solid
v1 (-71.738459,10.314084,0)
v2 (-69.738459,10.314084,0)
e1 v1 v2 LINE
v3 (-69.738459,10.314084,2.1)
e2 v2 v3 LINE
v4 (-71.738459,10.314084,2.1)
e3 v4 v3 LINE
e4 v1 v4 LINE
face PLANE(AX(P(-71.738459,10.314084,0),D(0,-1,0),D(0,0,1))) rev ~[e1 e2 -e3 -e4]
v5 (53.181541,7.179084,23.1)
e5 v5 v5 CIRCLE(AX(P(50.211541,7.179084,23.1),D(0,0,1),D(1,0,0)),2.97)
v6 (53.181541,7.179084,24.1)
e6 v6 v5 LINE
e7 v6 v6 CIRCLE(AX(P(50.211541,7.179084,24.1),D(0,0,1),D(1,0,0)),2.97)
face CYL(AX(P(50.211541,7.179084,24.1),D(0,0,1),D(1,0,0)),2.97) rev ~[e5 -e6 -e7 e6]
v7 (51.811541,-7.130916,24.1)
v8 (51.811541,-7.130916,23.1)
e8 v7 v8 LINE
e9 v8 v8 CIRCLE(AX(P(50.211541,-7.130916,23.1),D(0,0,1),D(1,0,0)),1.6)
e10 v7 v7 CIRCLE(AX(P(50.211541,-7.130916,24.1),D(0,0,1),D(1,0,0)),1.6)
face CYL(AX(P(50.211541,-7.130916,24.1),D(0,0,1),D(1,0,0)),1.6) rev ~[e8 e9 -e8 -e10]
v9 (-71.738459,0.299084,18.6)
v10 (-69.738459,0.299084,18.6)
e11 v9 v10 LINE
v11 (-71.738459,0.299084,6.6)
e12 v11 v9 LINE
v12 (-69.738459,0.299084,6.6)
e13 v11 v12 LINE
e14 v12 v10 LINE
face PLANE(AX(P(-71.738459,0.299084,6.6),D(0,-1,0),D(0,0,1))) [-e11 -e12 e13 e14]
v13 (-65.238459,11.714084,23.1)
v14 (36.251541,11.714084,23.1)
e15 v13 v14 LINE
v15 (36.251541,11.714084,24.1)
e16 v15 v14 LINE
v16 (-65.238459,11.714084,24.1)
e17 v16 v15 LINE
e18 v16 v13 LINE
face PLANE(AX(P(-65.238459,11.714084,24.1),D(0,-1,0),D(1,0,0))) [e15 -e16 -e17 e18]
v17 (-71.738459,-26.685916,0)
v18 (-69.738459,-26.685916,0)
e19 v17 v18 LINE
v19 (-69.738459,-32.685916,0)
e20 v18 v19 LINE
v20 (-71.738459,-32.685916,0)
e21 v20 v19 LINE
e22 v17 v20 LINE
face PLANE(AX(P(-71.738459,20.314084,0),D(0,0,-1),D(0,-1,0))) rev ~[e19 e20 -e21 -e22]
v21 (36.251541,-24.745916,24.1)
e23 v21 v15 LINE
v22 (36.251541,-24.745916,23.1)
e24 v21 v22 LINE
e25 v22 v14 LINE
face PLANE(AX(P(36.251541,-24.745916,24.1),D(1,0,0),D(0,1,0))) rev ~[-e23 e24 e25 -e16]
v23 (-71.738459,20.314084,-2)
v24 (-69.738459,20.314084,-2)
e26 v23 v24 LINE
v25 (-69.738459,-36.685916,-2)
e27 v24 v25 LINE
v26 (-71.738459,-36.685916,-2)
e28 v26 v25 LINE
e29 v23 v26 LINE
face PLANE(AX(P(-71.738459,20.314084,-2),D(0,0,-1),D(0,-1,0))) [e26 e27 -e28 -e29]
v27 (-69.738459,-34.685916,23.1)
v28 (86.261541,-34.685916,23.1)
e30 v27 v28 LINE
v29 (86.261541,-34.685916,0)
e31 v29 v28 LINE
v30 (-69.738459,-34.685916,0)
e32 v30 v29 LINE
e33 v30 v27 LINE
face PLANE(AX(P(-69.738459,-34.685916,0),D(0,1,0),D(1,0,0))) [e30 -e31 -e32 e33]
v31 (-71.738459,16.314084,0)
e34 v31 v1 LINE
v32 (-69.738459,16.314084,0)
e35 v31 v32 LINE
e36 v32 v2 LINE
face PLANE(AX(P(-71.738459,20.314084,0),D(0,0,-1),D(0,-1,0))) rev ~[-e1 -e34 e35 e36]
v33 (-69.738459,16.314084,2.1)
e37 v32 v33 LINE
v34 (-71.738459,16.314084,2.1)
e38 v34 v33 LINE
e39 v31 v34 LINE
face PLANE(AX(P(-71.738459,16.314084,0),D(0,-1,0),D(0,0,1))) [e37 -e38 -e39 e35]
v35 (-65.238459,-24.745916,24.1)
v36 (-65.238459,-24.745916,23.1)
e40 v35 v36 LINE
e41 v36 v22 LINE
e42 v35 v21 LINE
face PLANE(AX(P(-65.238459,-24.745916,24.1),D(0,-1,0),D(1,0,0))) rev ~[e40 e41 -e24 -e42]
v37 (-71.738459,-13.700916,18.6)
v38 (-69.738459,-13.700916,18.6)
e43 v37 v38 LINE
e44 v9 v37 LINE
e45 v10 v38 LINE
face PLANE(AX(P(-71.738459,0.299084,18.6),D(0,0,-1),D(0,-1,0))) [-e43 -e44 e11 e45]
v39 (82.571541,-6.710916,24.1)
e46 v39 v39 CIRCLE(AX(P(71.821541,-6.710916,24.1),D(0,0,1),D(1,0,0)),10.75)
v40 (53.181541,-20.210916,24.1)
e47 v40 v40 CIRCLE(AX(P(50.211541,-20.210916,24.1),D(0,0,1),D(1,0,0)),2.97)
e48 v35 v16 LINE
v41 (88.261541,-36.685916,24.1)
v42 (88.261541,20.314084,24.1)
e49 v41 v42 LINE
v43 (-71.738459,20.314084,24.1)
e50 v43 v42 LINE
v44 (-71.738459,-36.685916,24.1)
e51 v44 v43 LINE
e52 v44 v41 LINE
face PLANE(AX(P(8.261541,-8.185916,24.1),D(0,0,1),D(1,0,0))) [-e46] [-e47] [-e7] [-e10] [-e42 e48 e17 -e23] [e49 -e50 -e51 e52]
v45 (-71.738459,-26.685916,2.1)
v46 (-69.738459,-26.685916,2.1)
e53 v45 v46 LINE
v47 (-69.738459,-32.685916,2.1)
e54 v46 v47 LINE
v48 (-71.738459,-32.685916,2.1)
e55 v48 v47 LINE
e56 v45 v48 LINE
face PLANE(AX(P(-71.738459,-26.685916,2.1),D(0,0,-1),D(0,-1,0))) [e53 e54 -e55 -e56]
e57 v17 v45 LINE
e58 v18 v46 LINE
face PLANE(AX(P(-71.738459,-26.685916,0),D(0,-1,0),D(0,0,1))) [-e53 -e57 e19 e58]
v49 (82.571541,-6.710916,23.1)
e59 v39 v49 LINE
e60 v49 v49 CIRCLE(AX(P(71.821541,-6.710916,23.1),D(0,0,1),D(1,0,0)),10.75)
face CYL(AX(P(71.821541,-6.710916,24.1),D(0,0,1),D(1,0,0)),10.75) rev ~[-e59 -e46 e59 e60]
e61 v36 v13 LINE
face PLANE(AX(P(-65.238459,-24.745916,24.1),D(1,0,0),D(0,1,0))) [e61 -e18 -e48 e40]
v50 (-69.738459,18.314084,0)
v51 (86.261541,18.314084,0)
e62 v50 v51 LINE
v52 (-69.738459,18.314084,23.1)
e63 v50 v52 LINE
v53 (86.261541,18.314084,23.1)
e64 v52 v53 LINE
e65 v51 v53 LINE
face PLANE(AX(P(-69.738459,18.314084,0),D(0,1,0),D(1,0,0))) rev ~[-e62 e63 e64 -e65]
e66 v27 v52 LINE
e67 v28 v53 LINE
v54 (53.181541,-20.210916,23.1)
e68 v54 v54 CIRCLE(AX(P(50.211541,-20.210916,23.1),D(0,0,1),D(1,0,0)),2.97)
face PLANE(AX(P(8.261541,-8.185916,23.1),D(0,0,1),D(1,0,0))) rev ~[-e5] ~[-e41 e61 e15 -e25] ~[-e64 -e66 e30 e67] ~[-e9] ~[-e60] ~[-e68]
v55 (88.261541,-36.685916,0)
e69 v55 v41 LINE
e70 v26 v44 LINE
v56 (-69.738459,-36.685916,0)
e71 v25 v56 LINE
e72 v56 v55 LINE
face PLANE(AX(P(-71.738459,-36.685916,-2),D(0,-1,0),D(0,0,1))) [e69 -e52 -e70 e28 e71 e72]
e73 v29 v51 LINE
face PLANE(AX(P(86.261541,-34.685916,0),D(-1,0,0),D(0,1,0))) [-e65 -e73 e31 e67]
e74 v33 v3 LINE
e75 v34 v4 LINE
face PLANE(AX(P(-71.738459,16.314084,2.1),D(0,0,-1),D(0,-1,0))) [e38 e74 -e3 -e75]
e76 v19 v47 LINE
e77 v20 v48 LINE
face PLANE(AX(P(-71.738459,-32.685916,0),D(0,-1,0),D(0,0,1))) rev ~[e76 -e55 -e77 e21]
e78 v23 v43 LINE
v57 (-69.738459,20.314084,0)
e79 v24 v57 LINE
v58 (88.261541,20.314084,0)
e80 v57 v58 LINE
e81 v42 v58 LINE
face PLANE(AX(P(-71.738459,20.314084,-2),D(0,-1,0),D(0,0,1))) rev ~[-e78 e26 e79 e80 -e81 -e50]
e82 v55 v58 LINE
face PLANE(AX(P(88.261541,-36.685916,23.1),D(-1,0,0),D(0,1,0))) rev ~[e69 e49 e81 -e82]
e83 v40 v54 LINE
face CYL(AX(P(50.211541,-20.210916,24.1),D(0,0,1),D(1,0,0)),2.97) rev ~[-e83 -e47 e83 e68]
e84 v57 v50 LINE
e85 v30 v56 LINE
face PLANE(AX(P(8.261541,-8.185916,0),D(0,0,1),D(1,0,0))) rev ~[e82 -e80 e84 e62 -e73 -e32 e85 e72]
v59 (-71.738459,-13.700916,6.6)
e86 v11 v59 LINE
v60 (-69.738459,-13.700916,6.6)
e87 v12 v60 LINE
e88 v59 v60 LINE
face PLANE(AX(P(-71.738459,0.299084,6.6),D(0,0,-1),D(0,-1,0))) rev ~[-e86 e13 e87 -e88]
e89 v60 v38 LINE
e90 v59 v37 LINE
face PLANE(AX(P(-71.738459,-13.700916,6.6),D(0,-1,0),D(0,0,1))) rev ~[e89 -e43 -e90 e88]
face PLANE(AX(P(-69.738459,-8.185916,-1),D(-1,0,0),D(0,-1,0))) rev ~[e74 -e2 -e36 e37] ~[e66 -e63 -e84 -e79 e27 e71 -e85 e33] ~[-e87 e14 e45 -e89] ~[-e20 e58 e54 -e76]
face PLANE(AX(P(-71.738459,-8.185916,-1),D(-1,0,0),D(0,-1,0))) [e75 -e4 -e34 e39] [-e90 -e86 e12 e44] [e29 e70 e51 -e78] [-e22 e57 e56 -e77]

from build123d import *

# Parameters (mm, degrees)
SKETCH_W        = 160
SKETCH_H        = 57
SKETCH_W_2      = 156
SKETCH_H_2      = 53
PAD_DEPTH       = 23.1
SKETCH001_W     = 160
SKETCH001_H     = 57
PAD001_DEPTH    = 1
SKETCH002_R     = 10.75
SKETCH002_R_2   = 2.97
SKETCH002_R_3   = 1.6
SKETCH002_W     = 101.49
SKETCH002_H     = 36.46
POCKET_DEPTH    = 1
SKETCH003_W     = 6
SKETCH003_H     = 2.1
SKETCH003_W_2   = 14
SKETCH003_H_2   = 12
POCKET001_DEPTH = 5
SKETCH005_W     = 57
SKETCH005_H     = 2
PAD002_DEPTH    = 2


with BuildPart() as part:
    # Sketch → Pad (new body)
    with BuildSketch(Plane.XY):
        with Locations((8.261541, -8.185916)):
            Rectangle(SKETCH_W, SKETCH_H)
        with Locations((8.261541, -8.185916)):
            Rectangle(SKETCH_W_2, SKETCH_H_2, mode=Mode.SUBTRACT)
    extrude(amount=PAD_DEPTH)

    # Sketch001 → Pad001 (new body)
    with BuildSketch(Plane.XY.offset(23.1)):
        with Locations((8.261541, -8.185916)):
            Rectangle(SKETCH001_W, SKETCH001_H)
    extrude(amount=PAD001_DEPTH)

    # Sketch002 → Pocket (cut)
    with BuildSketch(Plane.XY.offset(24.1)):
        with Locations((71.821541, -6.710916)):
            Circle(SKETCH002_R)
        with Locations((50.211541, -20.210916)):
            Circle(SKETCH002_R_2)
        with Locations((50.211541, 7.179084)):
            Circle(SKETCH002_R_2)
        with Locations((50.211541, -7.130916)):
            Circle(SKETCH002_R_3)
        with Locations((-14.493459, -6.515916)):
            Rectangle(SKETCH002_W, SKETCH002_H)
    extrude(amount=-POCKET_DEPTH, mode=Mode.SUBTRACT)

    # Sketch003 → Pocket001 (cut)
    with BuildSketch(Plane(origin=(-71.738459, 0, 0), x_dir=(0, -1, 0), z_dir=(-1, 0, 0))):
        with Locations((-13.314084, 1.05)):
            Rectangle(SKETCH003_W, SKETCH003_H)
        with Locations((6.700916, 12.6)):
            Rectangle(SKETCH003_W_2, SKETCH003_H_2)
        with Locations((29.685916, 1.05)):
            Rectangle(SKETCH003_W, SKETCH003_H)
    extrude(amount=-POCKET001_DEPTH, mode=Mode.SUBTRACT)

    # Sketch005 → Pad002 (new body)
    with BuildSketch(Plane(origin=(-71.738459, 0, 0), x_dir=(0, -1, 0), z_dir=(-1, 0, 0))):
        with Locations((8.185916, -1)):
            Rectangle(SKETCH005_W, SKETCH005_H)
    extrude(amount=-PAD002_DEPTH)


solid = part.part
